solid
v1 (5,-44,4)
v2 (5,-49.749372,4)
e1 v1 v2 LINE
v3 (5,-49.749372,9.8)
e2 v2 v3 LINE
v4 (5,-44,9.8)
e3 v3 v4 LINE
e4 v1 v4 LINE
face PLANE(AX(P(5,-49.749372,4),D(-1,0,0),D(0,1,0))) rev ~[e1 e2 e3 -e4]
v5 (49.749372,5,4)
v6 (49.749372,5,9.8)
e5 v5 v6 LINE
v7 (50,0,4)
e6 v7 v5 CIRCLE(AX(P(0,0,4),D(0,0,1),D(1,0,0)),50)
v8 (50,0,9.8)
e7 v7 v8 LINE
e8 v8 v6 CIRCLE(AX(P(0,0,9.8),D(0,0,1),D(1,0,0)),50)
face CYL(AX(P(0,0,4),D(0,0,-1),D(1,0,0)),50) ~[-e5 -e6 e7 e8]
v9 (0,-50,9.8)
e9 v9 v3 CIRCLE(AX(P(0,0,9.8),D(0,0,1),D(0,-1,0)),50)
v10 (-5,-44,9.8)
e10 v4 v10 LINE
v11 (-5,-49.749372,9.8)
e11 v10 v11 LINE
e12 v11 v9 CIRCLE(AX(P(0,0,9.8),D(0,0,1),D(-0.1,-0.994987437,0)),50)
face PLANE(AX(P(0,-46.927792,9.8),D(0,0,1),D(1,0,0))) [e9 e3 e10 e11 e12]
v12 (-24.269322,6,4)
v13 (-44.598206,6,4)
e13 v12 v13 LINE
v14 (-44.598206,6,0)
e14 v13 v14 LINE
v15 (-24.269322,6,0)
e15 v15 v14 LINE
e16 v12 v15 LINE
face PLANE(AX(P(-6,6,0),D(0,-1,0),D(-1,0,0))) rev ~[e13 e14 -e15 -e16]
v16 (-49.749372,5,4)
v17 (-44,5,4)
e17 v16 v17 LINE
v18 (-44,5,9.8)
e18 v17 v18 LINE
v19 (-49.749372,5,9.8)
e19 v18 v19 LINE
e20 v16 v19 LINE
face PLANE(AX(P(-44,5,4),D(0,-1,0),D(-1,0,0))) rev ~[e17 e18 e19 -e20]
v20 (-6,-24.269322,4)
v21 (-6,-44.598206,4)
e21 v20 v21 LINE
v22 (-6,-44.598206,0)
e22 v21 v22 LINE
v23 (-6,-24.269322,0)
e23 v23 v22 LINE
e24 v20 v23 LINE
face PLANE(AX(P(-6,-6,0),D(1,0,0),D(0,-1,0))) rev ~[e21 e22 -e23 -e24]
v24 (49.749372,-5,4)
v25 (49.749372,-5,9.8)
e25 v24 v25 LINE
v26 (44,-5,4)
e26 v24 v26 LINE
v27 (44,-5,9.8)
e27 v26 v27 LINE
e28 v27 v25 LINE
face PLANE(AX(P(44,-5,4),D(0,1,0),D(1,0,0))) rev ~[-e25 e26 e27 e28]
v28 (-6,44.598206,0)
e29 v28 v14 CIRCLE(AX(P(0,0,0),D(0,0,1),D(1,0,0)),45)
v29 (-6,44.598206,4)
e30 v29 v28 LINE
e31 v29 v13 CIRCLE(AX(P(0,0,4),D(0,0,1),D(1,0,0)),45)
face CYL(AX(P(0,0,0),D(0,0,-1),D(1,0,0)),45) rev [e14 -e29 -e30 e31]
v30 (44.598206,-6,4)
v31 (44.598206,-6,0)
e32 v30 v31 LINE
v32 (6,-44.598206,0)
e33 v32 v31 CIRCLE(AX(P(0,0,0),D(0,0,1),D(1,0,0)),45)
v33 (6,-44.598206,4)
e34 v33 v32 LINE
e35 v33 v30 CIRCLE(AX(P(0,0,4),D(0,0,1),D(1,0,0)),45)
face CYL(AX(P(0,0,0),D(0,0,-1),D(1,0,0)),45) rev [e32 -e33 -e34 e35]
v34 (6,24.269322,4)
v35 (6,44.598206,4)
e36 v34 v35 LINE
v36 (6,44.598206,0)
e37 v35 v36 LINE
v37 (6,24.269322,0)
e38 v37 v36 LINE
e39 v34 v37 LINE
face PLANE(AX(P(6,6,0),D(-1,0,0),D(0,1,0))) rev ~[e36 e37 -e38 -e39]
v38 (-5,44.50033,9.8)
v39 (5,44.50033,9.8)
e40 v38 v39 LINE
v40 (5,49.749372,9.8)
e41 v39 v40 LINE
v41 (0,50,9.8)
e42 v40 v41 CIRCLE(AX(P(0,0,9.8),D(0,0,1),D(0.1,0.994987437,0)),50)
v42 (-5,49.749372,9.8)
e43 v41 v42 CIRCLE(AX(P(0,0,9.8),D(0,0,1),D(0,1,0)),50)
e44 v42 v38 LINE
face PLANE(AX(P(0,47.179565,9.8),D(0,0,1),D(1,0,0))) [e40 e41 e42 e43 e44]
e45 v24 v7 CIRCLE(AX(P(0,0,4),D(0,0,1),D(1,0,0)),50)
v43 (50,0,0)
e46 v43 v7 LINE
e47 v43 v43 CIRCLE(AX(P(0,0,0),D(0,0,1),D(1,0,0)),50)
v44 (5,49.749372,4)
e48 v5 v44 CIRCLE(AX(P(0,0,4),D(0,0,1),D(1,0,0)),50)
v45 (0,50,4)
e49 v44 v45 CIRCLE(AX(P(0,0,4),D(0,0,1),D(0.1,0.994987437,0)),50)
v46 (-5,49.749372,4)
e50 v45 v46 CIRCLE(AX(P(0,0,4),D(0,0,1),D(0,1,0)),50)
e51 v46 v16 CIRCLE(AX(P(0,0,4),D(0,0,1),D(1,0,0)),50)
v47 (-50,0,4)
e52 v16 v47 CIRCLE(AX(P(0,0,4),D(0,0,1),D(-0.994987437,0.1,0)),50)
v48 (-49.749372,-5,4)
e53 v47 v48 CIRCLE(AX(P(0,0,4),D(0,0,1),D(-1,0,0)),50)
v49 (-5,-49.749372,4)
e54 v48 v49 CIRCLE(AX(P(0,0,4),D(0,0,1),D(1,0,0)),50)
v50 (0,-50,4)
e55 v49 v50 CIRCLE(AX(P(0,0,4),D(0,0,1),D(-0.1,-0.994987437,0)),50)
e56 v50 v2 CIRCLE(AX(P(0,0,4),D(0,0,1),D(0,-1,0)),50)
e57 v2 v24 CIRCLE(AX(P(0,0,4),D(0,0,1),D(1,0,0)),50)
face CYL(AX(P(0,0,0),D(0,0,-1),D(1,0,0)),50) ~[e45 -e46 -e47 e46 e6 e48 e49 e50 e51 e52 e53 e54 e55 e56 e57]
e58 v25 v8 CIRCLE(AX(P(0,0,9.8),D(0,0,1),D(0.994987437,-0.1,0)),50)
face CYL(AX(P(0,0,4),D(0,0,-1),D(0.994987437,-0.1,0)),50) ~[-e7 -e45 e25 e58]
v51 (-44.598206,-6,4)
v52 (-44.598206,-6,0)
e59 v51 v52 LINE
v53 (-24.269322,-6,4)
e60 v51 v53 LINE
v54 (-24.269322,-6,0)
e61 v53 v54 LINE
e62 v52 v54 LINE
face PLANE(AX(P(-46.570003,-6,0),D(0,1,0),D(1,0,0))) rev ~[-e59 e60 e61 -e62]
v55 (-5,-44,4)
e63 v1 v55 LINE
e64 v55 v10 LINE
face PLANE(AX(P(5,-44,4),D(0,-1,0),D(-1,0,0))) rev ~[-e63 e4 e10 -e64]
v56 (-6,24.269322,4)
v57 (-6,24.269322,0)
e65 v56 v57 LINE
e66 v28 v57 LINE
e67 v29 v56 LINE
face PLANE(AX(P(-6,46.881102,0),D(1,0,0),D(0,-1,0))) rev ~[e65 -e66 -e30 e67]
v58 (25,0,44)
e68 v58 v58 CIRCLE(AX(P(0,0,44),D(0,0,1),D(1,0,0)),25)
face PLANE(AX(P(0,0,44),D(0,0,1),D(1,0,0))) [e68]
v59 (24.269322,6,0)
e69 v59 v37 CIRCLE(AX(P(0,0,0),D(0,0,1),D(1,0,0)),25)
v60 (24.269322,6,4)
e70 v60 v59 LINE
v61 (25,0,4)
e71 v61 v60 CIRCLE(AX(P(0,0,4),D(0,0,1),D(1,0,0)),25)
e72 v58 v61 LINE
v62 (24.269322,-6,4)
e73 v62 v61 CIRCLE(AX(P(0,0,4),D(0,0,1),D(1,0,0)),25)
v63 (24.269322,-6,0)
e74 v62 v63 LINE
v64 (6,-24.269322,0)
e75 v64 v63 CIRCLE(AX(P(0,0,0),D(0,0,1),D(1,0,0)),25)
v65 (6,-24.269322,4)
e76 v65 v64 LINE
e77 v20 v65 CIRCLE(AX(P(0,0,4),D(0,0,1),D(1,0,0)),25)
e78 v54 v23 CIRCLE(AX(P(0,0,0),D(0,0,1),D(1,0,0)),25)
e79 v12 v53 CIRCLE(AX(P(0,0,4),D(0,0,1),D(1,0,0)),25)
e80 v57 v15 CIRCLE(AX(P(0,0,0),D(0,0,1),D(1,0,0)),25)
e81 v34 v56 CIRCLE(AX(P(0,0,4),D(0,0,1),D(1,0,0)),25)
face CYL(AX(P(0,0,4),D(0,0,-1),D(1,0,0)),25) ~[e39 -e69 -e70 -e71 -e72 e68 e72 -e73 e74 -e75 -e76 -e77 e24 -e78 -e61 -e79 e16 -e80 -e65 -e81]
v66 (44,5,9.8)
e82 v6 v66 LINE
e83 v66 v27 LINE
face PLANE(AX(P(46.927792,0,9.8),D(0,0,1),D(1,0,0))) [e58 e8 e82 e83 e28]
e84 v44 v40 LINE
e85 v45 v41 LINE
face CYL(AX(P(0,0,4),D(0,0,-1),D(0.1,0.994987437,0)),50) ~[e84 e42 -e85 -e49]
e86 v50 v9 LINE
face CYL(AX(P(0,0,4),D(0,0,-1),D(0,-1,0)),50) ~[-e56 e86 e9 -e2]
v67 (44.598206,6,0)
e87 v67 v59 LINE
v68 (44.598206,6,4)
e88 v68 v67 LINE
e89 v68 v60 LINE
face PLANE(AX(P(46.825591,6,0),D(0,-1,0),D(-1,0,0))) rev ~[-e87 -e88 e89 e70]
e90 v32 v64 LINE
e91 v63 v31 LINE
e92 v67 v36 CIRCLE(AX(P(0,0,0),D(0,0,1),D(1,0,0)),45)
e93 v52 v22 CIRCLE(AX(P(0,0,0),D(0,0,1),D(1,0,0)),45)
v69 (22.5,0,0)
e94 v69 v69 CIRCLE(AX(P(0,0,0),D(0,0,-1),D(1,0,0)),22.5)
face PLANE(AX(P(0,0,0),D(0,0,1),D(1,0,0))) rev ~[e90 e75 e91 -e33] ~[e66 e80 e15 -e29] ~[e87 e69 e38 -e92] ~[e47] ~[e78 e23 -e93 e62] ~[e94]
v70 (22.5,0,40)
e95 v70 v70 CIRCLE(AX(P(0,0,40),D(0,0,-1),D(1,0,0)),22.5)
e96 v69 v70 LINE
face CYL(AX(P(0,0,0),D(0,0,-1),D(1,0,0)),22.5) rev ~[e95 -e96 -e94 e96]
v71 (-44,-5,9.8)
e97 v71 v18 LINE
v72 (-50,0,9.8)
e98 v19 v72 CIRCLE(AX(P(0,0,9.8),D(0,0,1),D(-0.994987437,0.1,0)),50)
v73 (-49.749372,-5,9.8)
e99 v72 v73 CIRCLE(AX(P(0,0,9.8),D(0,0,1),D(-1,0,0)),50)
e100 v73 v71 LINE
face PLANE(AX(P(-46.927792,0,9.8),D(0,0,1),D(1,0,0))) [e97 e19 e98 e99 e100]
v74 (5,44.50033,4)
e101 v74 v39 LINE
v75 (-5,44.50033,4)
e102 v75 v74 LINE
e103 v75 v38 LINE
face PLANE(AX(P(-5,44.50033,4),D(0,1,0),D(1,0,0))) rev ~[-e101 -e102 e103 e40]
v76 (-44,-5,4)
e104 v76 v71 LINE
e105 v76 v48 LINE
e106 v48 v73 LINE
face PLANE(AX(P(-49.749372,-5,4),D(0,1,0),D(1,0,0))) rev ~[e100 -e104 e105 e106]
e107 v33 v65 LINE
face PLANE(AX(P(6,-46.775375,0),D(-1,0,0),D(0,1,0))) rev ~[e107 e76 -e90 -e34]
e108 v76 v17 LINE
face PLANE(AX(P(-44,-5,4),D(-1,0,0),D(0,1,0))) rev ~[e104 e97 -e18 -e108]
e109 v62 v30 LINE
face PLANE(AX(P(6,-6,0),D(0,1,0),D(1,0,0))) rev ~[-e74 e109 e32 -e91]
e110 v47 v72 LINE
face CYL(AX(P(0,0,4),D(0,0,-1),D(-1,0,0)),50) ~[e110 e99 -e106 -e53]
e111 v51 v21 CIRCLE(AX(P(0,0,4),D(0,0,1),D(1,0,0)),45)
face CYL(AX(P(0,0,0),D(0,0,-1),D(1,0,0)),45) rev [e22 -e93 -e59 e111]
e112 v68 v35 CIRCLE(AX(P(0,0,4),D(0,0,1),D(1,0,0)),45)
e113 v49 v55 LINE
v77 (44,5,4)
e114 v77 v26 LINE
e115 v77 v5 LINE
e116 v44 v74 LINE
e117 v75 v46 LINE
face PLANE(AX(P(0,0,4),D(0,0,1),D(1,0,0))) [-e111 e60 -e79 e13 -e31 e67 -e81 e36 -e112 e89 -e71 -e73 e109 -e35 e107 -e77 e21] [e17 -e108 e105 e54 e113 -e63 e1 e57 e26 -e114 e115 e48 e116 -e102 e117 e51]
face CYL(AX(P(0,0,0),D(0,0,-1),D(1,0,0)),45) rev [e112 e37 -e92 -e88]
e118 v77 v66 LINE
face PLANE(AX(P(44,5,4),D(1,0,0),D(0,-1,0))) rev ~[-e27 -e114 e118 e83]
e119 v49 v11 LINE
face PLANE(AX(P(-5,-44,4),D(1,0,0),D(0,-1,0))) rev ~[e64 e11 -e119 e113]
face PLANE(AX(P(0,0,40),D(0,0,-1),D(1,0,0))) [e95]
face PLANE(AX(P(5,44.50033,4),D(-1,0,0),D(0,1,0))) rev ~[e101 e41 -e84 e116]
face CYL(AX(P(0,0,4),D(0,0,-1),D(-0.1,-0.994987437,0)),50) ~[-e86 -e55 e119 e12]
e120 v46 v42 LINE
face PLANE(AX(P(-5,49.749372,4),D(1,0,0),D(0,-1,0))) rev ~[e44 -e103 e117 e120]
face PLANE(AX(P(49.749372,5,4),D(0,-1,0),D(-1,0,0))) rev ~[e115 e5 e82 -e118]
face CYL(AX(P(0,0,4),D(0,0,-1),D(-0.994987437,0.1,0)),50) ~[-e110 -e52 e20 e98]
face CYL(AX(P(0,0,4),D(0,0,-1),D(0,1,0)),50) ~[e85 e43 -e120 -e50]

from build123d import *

# Parameters (mm, degrees)
F0_R      = 50
F1_DEPTH  = 4
F2_R      = 25
F3_DEPTH  = 40
F5_DEPTH  = 5.8
F6_DEPTH  = 5.8
F7_DEPTH  = 5.8
F8_R      = 45
F9_DEPTH  = 4
F10_W     = 6
F10_H     = 6
F11_DEPTH = 4
F12_R     = 25
F13_DEPTH = 5
F14_R     = 22.5
F15_DEPTH = 40


with BuildPart() as f1:
    # F0 (on Top) → F1 (new body)
    with BuildSketch(Plane.XY):
        Circle(F0_R)
    extrude(amount=F1_DEPTH)

    # F2 (on face) → F3 (join)
    with BuildSketch(Plane.XY.offset(4)):
        Circle(F2_R)
    extrude(amount=F3_DEPTH)

    # F4 (on face) → F5 (join)
    with BuildSketch(Plane.XY.offset(4)):
        with BuildLine():
            ThreePointArc((5, 49.7493718553), (2.503138753, 49.9373036555), (0, 50))
            ThreePointArc((0, 50), (-2.503138753, 49.9373036555), (-5, 49.7493718553))
            Line((-5, 49.7493718553), (-5, 44.5003296036))
            Line((-5, 44.5003296036), (5, 44.5003296036))
            Line((5, 44.5003296036), (5, 49.7493718553))
        make_face()
    extrude(amount=F5_DEPTH)

    # F4 (on face) → F6 (join)
    with BuildSketch(Plane.XY.offset(4)):
        with BuildLine():
            ThreePointArc((0, -50), (2.503138753, -49.9373036555), (5, -49.7493718553))
            Line((5, -49.7493718553), (5, -44))
            Line((5, -44), (-5, -44))
            Line((-5, -44), (-5, -49.7493718553))
            ThreePointArc((-5, -49.7493718553), (-2.503138753, -49.9373036555), (0, -50))
        make_face()
    extrude(amount=F6_DEPTH)

    # F4 (on face) → F7 (join)
    with BuildSketch(Plane.XY.offset(4)):
        with BuildLine():
            Line((-44, 5), (-49.7493718553, 5))
            ThreePointArc((-49.7493718553, 5), (-49.9373036555, 2.503138753), (-50, 0))
            ThreePointArc((-50, 0), (-49.9373036555, -2.503138753), (-49.7493718553, -5))
            Line((-49.7493718553, -5), (-44, -5))
            Line((-44, -5), (-44, 5))
        make_face()
        with BuildLine():
            ThreePointArc((50, 0), (49.9373036555, 2.503138753), (49.7493718553, 5))
            Line((49.7493718553, 5), (44, 5))
            Line((44, 5), (44, -5))
            Line((44, -5), (49.7493718553, -5))
            ThreePointArc((49.7493718553, -5), (49.9373036555, -2.503138753), (50, 0))
        make_face()
    extrude(amount=F7_DEPTH)

    # F8 (on Top) → F9 (cut)
    with BuildSketch(Plane.XY):
        Circle(F8_R)
    extrude(amount=F9_DEPTH, mode=Mode.SUBTRACT)

    # F10 (on Top) → F11 (join)
    with BuildSketch(Plane.XY):
        Polygon((6, 46.8811020255), (-6, 46.8811020255), (-6, 6), (0, 6), (6, 6), align=None)
        with Locations((-3, 3)):
            Rectangle(F10_W, F10_H)
        Polygon((-6, 0), (-6, 6), (-46.5700030327, 6), (-46.5700030327, -6), (-6, -6), align=None)
        Polygon((46.8255914748, 6), (6, 6), (6, 0), (6, -6), (46.8255914748, -6), align=None)
        with Locations((3, 3)):
            Rectangle(F10_W, F10_H)
        with Locations((-3, -3)):
            Rectangle(F10_W, F10_H)
        with Locations((3, -3)):
            Rectangle(F10_W, F10_H)
        Polygon((0, -6), (-6, -6), (-6, -46.7753745615), (6, -46.7753745615), (6, -6), align=None)
    extrude(amount=F11_DEPTH)

    # F12 (on Top) → F13 (join)
    with BuildSketch(Plane.XY):
        Circle(F12_R)
    extrude(amount=F13_DEPTH)

    # F14 (on face) → F15 (cut)
    with BuildSketch(Plane(origin=(0, 0, 0), x_dir=(1, 0, 0), z_dir=(0, 0, -1))):
        Circle(F14_R)
    extrude(amount=-F15_DEPTH, mode=Mode.SUBTRACT)


solid = f1.part
